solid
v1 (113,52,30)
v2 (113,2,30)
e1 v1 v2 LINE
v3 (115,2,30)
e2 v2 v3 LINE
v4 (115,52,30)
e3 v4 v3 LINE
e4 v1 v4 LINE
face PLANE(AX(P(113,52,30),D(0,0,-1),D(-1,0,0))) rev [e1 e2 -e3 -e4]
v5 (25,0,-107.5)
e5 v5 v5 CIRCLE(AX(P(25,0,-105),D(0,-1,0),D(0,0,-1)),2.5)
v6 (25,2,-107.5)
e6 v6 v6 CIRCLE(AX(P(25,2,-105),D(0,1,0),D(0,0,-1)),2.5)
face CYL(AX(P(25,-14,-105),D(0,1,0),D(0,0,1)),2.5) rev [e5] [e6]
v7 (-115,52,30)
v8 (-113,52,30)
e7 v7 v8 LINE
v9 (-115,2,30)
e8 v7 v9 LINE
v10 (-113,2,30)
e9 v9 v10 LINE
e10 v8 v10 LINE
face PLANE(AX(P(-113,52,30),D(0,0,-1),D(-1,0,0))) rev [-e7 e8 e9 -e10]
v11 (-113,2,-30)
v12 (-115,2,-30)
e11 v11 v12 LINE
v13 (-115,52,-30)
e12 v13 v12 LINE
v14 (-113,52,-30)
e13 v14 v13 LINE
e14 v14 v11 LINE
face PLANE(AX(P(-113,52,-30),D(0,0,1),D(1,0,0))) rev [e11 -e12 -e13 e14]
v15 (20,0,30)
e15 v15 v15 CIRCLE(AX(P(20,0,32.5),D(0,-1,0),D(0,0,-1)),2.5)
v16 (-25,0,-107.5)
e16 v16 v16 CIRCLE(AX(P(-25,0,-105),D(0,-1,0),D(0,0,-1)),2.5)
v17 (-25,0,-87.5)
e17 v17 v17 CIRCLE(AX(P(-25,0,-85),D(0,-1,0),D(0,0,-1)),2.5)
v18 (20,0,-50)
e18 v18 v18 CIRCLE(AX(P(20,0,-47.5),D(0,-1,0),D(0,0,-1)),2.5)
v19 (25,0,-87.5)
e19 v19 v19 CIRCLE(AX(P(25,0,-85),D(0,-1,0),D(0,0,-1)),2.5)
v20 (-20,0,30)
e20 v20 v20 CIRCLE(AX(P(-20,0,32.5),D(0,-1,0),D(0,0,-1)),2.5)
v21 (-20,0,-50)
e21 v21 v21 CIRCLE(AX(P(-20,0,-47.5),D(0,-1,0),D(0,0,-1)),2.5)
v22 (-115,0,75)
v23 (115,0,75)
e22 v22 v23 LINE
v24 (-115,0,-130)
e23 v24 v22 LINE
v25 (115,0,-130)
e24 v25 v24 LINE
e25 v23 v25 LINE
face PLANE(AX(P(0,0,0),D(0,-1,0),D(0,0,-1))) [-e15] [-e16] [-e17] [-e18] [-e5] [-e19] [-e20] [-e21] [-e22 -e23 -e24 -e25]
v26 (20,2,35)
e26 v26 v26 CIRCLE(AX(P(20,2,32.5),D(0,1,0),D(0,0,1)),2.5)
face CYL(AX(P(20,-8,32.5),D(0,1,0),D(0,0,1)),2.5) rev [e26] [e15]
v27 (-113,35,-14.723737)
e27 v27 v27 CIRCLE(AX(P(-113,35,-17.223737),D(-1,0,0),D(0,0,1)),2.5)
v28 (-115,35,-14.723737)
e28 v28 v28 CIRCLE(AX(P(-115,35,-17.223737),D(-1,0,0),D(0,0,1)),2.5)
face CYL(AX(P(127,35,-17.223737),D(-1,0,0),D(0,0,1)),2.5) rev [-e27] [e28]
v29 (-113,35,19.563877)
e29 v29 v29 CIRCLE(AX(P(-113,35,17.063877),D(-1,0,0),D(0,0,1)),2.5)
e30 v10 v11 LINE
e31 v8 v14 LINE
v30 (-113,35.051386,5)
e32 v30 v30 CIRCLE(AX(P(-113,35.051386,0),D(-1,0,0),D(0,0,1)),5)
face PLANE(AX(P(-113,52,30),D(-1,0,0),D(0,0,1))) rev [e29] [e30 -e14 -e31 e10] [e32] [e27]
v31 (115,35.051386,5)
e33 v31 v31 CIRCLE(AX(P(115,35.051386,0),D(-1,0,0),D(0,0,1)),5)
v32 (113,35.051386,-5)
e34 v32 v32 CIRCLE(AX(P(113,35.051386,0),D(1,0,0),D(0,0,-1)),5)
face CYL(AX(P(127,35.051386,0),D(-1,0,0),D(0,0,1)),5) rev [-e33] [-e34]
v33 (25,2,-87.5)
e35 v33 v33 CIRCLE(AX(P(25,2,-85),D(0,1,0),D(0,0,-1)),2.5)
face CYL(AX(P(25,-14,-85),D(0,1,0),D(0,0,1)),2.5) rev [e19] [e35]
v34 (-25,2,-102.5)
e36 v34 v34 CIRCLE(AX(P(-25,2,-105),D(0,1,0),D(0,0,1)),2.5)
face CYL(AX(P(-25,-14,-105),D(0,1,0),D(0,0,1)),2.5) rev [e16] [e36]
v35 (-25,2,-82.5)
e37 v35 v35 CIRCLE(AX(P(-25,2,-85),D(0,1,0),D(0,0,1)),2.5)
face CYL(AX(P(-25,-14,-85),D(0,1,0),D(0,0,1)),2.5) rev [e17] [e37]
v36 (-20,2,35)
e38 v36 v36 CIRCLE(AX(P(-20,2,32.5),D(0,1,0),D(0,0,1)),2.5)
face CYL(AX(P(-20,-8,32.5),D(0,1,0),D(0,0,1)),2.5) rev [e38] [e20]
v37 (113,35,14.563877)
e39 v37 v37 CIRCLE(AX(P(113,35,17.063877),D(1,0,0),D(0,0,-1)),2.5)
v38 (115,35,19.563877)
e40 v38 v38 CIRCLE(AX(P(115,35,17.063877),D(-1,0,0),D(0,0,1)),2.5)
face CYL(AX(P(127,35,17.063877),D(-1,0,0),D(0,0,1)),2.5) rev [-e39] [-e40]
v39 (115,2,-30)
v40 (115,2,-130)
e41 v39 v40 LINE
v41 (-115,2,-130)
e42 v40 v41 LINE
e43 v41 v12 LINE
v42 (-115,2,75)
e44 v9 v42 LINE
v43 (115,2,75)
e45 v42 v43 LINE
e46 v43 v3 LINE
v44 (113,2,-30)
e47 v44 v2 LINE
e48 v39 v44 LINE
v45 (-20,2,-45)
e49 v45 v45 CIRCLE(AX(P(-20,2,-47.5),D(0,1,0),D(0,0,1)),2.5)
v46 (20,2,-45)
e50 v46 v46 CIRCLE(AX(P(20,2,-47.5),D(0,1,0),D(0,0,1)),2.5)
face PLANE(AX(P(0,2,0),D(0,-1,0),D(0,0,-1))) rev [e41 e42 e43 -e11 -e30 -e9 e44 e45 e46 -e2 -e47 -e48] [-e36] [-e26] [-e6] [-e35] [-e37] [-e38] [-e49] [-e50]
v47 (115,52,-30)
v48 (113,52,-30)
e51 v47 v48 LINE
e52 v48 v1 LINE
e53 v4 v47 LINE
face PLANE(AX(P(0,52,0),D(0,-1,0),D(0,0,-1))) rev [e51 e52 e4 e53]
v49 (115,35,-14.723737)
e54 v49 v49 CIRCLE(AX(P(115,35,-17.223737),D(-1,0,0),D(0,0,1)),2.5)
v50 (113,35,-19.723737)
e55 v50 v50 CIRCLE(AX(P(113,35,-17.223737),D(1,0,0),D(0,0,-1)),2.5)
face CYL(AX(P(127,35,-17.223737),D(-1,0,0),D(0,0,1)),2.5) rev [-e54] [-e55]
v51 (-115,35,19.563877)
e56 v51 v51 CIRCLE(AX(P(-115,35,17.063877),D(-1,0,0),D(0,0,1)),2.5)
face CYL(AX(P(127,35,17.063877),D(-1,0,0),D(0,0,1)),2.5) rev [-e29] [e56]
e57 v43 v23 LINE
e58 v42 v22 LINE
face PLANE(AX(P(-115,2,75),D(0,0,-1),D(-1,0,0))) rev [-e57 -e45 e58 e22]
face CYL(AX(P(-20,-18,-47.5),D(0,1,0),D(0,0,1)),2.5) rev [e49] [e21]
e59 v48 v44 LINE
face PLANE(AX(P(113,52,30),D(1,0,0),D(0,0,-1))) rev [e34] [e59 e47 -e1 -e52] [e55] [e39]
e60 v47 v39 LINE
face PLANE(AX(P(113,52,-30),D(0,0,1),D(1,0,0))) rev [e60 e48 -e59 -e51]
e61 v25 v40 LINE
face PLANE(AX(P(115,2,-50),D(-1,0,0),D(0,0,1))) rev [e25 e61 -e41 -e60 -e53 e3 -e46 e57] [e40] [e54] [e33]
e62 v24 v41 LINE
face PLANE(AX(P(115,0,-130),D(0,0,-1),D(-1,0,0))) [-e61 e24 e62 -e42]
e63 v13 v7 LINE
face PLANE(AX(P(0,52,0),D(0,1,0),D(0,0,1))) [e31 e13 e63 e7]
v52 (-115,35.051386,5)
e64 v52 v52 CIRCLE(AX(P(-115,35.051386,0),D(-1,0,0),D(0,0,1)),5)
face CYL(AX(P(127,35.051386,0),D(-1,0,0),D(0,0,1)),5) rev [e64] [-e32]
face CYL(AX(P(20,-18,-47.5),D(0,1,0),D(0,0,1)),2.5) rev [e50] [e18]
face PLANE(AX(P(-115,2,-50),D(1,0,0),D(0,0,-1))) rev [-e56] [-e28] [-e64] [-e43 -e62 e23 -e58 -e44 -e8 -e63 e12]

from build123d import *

# Parameters (mm, degrees)
BOSS_EXTRUDE1_DEPTH = 2
SKETCH2_W           = 2
SKETCH2_H           = 60
BOSS_EXTRUDE2_DEPTH = 50
SKETCH6_R           = 2.5
CUT_EXTRUDE3_DEPTH  = 20
SKETCH8_R           = 2.5
CUT_EXTRUDE5_DEPTH  = 10
SKETCH9_W           = 230
SKETCH9_H           = 50
BOSS_EXTRUDE3_DEPTH = 2
SKETCH10_R          = 2.5
CUT_EXTRUDE6_DEPTH  = 16
SKETCH12_R          = 5
CUT_EXTRUDE7_DEPTH  = 242
SKETCH15_R          = 2.5
CUT_EXTRUDE8_DEPTH  = 242


with BuildPart() as part:
    # Sketch1 → Boss-Extrude1 (new body)
    with BuildSketch(Plane(origin=(0, 0, 0), x_dir=(1, 0, 0), z_dir=(0, 1, 0))):
        Polygon((115, 50), (115, 80), (-115, 80), (-115, 50), (-115, -50), (-115, -75), (115, -75), (115, -50), align=None)
    extrude(amount=BOSS_EXTRUDE1_DEPTH)

    # Sketch2 → Boss-Extrude2 (add)
    with BuildSketch(Plane(origin=(0, 2, 0), x_dir=(1, 0, 0), z_dir=(0, 1, 0))):
        with Locations((-114, 0)):
            Rectangle(SKETCH2_W, SKETCH2_H)
        with Locations((114, 0)):
            Rectangle(SKETCH2_W, SKETCH2_H)
    extrude(amount=BOSS_EXTRUDE2_DEPTH)

    # Sketch6 → Cut-Extrude3 (cut)
    with BuildSketch(Plane(origin=(0, 2, 0), x_dir=(1, 0, 0), z_dir=(0, 1, 0))):
        with Locations(Location((-20, 47.5, 0), (0, 0, 270))):
            Circle(SKETCH6_R)
        with Locations(Location((20, 47.5, 0), (0, 0, 270))):
            Circle(SKETCH6_R)
    extrude(amount=-CUT_EXTRUDE3_DEPTH, mode=Mode.SUBTRACT)

    # Sketch8 → Cut-Extrude5 (cut)
    with BuildSketch(Plane(origin=(0, 2, 0), x_dir=(1, 0, 0), z_dir=(0, 1, 0))):
        with Locations(Location((-20, -32.5, 0), (0, 0, 270))):
            Circle(SKETCH8_R)
        with Locations(Location((20, -32.5, 0), (0, 0, 270))):
            Circle(SKETCH8_R)
    extrude(amount=-CUT_EXTRUDE5_DEPTH, mode=Mode.SUBTRACT)

    # Sketch9 → Boss-Extrude3 (add)
    with BuildSketch(Plane(origin=(0, 2, 0), x_dir=(1, 0, 0), z_dir=(0, 1, 0))):
        with Locations((0, 105)):
            Rectangle(SKETCH9_W, SKETCH9_H)
    extrude(amount=-BOSS_EXTRUDE3_DEPTH)

    # Sketch10 → Cut-Extrude6 (cut)
    with BuildSketch(Plane(origin=(0, 2, 0), x_dir=(1, 0, 0), z_dir=(0, 1, 0))):
        with Locations(Location((-25, 85, 0), (0, 0, 270))):
            Circle(SKETCH10_R)
        with Locations(Location((-25, 105, 0), (0, 0, 270))):
            Circle(SKETCH10_R)
        with Locations(Location((25, 105, 0), (0, 0, 90))):
            Circle(SKETCH10_R)
        with Locations(Location((25, 85, 0), (0, 0, 90))):
            Circle(SKETCH10_R)
    extrude(amount=-CUT_EXTRUDE6_DEPTH, mode=Mode.SUBTRACT)

    # Sketch12 → Cut-Extrude7 (cut)
    with BuildSketch(Plane.ZY.offset(115)):
        with Locations((0, 35.05138551)):
            Circle(SKETCH12_R)
    extrude(amount=-CUT_EXTRUDE7_DEPTH, mode=Mode.SUBTRACT)

    # Sketch15 → Cut-Extrude8 (cut)
    with BuildSketch(Plane.ZY.offset(115)):
        with Locations((-17.223737456, 35)):
            Circle(SKETCH15_R)
        with Locations((17.063876513, 35)):
            Circle(SKETCH15_R)
    extrude(amount=-CUT_EXTRUDE8_DEPTH, mode=Mode.SUBTRACT)


solid = part.part
